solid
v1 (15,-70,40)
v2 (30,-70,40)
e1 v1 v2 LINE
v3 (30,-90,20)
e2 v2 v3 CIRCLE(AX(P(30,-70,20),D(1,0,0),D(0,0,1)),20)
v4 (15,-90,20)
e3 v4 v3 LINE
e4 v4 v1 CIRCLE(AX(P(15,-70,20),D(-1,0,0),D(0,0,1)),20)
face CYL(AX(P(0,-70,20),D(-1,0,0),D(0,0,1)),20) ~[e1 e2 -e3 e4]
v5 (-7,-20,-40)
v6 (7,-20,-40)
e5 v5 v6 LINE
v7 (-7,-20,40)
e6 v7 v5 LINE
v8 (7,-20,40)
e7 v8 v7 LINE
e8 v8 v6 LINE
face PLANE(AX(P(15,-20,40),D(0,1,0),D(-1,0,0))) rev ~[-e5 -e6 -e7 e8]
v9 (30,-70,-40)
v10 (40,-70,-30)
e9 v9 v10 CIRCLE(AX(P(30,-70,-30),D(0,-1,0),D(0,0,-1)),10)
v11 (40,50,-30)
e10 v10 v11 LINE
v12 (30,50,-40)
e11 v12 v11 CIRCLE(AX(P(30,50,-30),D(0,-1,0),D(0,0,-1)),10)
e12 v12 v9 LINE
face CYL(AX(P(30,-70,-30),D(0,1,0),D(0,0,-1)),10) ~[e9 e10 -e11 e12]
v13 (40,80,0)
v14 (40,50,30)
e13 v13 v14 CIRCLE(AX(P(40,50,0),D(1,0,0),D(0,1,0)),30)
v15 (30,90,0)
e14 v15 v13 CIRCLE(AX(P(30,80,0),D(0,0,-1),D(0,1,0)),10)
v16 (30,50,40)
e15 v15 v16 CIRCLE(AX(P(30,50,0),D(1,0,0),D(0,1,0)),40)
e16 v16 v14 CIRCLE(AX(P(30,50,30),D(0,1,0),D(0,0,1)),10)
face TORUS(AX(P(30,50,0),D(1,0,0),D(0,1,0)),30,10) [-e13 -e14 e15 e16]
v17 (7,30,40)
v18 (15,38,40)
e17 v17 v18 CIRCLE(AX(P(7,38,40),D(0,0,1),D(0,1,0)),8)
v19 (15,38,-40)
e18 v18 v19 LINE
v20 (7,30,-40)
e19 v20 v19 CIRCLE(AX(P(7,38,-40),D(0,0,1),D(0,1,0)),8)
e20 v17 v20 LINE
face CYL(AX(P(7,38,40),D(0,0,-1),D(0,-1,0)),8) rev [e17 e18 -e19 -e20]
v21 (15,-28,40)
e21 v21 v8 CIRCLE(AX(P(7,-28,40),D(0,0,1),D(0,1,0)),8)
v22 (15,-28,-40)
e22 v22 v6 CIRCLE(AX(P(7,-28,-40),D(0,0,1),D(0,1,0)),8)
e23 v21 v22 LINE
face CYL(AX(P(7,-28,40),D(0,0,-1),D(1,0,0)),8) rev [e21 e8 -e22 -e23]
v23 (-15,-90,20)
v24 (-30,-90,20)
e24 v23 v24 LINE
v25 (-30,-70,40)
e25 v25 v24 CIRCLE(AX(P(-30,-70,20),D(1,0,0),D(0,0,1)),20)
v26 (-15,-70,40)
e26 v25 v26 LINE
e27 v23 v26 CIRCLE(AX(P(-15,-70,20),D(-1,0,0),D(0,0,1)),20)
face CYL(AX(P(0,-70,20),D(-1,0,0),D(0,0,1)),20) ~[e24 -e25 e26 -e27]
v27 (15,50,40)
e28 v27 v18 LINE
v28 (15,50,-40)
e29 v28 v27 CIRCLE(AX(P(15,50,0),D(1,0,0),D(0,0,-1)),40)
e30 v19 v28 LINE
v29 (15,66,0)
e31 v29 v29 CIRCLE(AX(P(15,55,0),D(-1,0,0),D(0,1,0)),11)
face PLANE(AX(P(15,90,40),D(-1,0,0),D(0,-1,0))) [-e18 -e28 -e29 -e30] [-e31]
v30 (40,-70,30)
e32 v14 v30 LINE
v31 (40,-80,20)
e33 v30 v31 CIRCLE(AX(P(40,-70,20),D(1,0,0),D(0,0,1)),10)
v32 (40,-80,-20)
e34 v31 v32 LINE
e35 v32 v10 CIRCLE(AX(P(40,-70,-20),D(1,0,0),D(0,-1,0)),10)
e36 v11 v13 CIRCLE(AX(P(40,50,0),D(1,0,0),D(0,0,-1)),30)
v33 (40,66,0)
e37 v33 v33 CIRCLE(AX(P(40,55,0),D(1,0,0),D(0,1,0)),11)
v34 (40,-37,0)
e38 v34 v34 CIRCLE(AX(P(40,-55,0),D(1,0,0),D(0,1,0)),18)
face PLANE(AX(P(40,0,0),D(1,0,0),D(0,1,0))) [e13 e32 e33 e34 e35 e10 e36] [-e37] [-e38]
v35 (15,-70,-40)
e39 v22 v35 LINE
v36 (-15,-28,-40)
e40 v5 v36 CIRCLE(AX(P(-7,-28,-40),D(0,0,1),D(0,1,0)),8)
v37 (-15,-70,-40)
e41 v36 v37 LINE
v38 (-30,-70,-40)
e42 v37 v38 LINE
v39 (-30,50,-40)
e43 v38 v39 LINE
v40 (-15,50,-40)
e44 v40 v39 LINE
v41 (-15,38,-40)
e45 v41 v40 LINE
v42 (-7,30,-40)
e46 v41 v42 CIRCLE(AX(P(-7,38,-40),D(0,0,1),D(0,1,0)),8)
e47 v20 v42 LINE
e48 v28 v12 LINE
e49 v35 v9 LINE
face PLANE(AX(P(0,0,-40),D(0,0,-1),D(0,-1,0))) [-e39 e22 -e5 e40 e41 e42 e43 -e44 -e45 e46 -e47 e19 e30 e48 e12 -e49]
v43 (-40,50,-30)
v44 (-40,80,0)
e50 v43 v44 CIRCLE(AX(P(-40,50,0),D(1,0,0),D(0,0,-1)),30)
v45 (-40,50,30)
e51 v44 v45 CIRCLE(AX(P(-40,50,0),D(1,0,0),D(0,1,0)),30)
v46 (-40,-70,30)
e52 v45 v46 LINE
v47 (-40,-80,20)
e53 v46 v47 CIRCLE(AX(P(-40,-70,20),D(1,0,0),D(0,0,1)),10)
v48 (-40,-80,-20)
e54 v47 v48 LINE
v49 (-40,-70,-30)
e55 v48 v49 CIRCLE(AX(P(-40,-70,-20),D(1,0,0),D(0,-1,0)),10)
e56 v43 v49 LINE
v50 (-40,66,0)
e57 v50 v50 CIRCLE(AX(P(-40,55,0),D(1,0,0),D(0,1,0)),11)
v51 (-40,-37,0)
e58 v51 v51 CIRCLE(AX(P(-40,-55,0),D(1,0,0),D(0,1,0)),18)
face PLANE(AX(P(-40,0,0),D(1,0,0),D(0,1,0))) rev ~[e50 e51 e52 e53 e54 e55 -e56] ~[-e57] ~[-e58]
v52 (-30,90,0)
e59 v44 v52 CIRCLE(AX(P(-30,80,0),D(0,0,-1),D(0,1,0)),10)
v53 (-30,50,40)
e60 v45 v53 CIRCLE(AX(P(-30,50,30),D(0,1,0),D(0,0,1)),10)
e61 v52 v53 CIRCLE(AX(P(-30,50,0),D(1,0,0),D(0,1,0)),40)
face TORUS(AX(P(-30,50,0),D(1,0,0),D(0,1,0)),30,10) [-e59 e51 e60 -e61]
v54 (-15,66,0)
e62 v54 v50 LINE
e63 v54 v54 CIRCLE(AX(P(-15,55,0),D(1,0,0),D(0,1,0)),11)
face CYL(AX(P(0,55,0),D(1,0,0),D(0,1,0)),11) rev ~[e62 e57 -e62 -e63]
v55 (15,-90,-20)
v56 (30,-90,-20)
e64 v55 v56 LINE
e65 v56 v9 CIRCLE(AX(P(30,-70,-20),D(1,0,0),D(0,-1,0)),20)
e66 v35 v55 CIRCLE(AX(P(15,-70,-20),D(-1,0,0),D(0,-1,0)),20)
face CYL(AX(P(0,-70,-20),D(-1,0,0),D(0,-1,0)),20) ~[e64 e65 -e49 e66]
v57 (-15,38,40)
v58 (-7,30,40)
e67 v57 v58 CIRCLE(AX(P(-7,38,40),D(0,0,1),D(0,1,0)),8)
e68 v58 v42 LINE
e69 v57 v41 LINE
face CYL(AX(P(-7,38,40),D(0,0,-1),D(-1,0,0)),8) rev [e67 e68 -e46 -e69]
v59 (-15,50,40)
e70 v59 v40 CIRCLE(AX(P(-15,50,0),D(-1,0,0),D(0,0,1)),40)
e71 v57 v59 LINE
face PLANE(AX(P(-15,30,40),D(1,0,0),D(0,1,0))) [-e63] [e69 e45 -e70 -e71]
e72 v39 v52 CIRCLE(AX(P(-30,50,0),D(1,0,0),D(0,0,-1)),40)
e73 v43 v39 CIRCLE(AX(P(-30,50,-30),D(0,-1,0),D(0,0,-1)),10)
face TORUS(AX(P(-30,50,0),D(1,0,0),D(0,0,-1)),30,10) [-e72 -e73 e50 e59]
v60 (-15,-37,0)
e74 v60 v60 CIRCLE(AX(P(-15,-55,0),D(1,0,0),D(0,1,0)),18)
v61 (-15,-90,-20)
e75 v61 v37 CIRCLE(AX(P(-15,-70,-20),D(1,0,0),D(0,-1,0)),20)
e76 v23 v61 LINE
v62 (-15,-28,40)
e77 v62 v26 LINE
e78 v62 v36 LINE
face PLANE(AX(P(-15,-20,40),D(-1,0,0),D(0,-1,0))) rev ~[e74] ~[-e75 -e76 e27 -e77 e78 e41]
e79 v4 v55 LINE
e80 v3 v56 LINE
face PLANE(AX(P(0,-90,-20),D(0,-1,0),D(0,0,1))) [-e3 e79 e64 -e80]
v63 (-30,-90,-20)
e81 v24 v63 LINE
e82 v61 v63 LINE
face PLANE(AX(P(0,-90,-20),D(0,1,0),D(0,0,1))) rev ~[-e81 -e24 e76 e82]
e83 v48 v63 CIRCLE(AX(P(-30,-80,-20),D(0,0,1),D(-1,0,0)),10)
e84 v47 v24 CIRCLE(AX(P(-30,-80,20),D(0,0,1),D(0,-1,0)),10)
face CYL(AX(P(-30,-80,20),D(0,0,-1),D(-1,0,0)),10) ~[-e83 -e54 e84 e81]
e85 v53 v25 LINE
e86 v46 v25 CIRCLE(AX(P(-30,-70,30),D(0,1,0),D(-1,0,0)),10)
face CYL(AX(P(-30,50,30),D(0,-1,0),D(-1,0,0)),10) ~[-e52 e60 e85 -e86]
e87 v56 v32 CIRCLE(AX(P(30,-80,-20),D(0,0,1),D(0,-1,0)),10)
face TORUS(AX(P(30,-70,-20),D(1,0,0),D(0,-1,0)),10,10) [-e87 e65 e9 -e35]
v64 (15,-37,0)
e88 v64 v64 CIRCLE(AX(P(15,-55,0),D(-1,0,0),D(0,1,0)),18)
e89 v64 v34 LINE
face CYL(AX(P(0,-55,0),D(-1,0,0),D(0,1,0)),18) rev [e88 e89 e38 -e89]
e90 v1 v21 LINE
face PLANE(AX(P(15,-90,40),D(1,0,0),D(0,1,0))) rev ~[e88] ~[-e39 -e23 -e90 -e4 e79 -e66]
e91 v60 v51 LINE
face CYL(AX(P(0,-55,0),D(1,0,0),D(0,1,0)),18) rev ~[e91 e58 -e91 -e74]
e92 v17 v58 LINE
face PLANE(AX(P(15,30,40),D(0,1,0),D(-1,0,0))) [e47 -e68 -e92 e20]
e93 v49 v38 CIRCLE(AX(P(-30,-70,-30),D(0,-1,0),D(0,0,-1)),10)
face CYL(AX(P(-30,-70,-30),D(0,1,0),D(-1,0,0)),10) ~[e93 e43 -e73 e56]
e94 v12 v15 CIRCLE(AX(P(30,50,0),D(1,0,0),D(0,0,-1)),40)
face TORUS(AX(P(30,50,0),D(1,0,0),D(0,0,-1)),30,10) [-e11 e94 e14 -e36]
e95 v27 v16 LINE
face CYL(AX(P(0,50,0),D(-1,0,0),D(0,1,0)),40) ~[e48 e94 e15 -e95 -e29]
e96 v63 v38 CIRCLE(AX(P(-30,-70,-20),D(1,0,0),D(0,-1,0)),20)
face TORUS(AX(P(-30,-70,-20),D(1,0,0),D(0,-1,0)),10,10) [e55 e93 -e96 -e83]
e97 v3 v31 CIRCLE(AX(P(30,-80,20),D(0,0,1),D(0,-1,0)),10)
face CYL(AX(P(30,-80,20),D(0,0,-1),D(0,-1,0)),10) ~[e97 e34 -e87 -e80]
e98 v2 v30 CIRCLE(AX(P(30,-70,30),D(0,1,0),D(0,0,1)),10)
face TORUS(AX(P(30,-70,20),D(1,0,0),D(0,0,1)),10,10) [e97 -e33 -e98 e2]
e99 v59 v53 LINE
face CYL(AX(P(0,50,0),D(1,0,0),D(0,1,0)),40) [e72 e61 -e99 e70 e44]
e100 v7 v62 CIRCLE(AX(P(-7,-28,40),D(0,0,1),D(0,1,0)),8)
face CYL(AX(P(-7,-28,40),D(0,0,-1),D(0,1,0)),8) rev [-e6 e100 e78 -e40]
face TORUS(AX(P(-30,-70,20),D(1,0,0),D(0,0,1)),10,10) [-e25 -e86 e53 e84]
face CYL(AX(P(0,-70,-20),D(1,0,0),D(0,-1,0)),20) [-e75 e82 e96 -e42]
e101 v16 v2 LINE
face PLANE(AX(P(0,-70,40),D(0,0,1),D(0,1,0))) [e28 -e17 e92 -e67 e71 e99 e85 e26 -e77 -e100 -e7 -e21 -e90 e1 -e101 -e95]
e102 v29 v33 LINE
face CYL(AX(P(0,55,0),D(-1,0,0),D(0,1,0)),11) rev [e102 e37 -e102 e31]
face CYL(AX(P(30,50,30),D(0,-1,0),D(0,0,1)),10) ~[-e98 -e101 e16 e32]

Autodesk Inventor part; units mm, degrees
ref_plane "YZ Plane" through (0, 0, 0) normal (1, 0, 0) x (0, 1, 0)
ref_plane "XZ Plane" through (0, 0, 0) normal (0, 1, 0) x (-1, 0, 0)
ref_plane "XY Plane" through (0, 0, 0) normal (0, 0, 1) x (1, 0, 0)
sketch "Sketch1" plane through (0, 0, 0) normal (1, 0, 0) x (0, 1, 0)
  line L0 (-70, 40) -> (50, 40)
  line L1 (90, 0) -> (90, 0)
  line L2 (50, -40) -> (-70, -40)
  line L3 (-90, -20) -> (-90, 20)
  line L4 (-90, 40) -> (90, -40) construction
  line L5 (90, 40) -> (-90, -40) construction
  circle A0 centre (55, 0) radius 11
  line L6 (0, 0) -> (0, -40.3764)
  circle A1 centre (-55, 0) radius 18
  arc A2 (90, 0) -> (50, 40) centre (50, 0) ccw
  arc A3 (50, -40) -> (90, 0) centre (50, 0) ccw
  arc A4 (-70, 40) -> (-90, 20) centre (-70, 20) ccw
  arc A5 (-90, -20) -> (-70, -40) centre (-70, -20) ccw
  dimension "d0" = 180
  dimension "d1" = 22
  dimension "d2" = 36
  dimension "d3" = 110
  dimension "d4" = 80
  dimension "d5" = 40
  dimension "d6" = 20
extrude "Extrusion1" add sketch "Sketch1" along normal mid plane 80
fillet "Fillet1" radius 10 12 edges at (40, -84.1421, 34.1421) (40, -90, 0) (40, -84.1421, -34.1421) (40, -10, -40) (40, 78.2843, 28.2843) (40, -10, 40) (-40, 78.2843, -28.2843) (-40, -10, -40) (-40, -84.1421, -34.1421) (-40, -90, 0) (-40, -84.1421, 34.1421) (-40, -10, 40)
sketch "Sketch2" plane through (-30, -70, 40) normal (0, 0, 1) x (1, 0, 0)
  line L0 (0, 160) -> (60, 160) projected
  line L1 (15, 160) -> (45, 160)
  line L2 (45, 160) -> (45, 100)
  line L3 (45, 100) -> (15, 100)
  line L4 (15, 100) -> (15, 160)
  line L5 (15, -20) -> (45, -20)
  line L6 (45, -20) -> (45, 50)
  line L7 (45, 50) -> (15, 50)
  line L8 (15, 50) -> (15, -20)
  line L9 (0, -20) -> (60, -20) projected
  line L10 (30, 160) -> (30, 100) construction
  point P0 (30, 70)
  dimension "d10" = 60
  dimension "d11" = 70
  dimension "d12" = 30
extrude "Extrusion2" cut sketch "Sketch2" against normal through all
fillet "Fillet2" radius 8 4 edges at (-15, 30, 0) (15, 30, 0) (-15, -20, 0) (15, -20, 0)
equation "\"d5\" = 0.5 * d4"
properties part number "Link_Tensionador"
